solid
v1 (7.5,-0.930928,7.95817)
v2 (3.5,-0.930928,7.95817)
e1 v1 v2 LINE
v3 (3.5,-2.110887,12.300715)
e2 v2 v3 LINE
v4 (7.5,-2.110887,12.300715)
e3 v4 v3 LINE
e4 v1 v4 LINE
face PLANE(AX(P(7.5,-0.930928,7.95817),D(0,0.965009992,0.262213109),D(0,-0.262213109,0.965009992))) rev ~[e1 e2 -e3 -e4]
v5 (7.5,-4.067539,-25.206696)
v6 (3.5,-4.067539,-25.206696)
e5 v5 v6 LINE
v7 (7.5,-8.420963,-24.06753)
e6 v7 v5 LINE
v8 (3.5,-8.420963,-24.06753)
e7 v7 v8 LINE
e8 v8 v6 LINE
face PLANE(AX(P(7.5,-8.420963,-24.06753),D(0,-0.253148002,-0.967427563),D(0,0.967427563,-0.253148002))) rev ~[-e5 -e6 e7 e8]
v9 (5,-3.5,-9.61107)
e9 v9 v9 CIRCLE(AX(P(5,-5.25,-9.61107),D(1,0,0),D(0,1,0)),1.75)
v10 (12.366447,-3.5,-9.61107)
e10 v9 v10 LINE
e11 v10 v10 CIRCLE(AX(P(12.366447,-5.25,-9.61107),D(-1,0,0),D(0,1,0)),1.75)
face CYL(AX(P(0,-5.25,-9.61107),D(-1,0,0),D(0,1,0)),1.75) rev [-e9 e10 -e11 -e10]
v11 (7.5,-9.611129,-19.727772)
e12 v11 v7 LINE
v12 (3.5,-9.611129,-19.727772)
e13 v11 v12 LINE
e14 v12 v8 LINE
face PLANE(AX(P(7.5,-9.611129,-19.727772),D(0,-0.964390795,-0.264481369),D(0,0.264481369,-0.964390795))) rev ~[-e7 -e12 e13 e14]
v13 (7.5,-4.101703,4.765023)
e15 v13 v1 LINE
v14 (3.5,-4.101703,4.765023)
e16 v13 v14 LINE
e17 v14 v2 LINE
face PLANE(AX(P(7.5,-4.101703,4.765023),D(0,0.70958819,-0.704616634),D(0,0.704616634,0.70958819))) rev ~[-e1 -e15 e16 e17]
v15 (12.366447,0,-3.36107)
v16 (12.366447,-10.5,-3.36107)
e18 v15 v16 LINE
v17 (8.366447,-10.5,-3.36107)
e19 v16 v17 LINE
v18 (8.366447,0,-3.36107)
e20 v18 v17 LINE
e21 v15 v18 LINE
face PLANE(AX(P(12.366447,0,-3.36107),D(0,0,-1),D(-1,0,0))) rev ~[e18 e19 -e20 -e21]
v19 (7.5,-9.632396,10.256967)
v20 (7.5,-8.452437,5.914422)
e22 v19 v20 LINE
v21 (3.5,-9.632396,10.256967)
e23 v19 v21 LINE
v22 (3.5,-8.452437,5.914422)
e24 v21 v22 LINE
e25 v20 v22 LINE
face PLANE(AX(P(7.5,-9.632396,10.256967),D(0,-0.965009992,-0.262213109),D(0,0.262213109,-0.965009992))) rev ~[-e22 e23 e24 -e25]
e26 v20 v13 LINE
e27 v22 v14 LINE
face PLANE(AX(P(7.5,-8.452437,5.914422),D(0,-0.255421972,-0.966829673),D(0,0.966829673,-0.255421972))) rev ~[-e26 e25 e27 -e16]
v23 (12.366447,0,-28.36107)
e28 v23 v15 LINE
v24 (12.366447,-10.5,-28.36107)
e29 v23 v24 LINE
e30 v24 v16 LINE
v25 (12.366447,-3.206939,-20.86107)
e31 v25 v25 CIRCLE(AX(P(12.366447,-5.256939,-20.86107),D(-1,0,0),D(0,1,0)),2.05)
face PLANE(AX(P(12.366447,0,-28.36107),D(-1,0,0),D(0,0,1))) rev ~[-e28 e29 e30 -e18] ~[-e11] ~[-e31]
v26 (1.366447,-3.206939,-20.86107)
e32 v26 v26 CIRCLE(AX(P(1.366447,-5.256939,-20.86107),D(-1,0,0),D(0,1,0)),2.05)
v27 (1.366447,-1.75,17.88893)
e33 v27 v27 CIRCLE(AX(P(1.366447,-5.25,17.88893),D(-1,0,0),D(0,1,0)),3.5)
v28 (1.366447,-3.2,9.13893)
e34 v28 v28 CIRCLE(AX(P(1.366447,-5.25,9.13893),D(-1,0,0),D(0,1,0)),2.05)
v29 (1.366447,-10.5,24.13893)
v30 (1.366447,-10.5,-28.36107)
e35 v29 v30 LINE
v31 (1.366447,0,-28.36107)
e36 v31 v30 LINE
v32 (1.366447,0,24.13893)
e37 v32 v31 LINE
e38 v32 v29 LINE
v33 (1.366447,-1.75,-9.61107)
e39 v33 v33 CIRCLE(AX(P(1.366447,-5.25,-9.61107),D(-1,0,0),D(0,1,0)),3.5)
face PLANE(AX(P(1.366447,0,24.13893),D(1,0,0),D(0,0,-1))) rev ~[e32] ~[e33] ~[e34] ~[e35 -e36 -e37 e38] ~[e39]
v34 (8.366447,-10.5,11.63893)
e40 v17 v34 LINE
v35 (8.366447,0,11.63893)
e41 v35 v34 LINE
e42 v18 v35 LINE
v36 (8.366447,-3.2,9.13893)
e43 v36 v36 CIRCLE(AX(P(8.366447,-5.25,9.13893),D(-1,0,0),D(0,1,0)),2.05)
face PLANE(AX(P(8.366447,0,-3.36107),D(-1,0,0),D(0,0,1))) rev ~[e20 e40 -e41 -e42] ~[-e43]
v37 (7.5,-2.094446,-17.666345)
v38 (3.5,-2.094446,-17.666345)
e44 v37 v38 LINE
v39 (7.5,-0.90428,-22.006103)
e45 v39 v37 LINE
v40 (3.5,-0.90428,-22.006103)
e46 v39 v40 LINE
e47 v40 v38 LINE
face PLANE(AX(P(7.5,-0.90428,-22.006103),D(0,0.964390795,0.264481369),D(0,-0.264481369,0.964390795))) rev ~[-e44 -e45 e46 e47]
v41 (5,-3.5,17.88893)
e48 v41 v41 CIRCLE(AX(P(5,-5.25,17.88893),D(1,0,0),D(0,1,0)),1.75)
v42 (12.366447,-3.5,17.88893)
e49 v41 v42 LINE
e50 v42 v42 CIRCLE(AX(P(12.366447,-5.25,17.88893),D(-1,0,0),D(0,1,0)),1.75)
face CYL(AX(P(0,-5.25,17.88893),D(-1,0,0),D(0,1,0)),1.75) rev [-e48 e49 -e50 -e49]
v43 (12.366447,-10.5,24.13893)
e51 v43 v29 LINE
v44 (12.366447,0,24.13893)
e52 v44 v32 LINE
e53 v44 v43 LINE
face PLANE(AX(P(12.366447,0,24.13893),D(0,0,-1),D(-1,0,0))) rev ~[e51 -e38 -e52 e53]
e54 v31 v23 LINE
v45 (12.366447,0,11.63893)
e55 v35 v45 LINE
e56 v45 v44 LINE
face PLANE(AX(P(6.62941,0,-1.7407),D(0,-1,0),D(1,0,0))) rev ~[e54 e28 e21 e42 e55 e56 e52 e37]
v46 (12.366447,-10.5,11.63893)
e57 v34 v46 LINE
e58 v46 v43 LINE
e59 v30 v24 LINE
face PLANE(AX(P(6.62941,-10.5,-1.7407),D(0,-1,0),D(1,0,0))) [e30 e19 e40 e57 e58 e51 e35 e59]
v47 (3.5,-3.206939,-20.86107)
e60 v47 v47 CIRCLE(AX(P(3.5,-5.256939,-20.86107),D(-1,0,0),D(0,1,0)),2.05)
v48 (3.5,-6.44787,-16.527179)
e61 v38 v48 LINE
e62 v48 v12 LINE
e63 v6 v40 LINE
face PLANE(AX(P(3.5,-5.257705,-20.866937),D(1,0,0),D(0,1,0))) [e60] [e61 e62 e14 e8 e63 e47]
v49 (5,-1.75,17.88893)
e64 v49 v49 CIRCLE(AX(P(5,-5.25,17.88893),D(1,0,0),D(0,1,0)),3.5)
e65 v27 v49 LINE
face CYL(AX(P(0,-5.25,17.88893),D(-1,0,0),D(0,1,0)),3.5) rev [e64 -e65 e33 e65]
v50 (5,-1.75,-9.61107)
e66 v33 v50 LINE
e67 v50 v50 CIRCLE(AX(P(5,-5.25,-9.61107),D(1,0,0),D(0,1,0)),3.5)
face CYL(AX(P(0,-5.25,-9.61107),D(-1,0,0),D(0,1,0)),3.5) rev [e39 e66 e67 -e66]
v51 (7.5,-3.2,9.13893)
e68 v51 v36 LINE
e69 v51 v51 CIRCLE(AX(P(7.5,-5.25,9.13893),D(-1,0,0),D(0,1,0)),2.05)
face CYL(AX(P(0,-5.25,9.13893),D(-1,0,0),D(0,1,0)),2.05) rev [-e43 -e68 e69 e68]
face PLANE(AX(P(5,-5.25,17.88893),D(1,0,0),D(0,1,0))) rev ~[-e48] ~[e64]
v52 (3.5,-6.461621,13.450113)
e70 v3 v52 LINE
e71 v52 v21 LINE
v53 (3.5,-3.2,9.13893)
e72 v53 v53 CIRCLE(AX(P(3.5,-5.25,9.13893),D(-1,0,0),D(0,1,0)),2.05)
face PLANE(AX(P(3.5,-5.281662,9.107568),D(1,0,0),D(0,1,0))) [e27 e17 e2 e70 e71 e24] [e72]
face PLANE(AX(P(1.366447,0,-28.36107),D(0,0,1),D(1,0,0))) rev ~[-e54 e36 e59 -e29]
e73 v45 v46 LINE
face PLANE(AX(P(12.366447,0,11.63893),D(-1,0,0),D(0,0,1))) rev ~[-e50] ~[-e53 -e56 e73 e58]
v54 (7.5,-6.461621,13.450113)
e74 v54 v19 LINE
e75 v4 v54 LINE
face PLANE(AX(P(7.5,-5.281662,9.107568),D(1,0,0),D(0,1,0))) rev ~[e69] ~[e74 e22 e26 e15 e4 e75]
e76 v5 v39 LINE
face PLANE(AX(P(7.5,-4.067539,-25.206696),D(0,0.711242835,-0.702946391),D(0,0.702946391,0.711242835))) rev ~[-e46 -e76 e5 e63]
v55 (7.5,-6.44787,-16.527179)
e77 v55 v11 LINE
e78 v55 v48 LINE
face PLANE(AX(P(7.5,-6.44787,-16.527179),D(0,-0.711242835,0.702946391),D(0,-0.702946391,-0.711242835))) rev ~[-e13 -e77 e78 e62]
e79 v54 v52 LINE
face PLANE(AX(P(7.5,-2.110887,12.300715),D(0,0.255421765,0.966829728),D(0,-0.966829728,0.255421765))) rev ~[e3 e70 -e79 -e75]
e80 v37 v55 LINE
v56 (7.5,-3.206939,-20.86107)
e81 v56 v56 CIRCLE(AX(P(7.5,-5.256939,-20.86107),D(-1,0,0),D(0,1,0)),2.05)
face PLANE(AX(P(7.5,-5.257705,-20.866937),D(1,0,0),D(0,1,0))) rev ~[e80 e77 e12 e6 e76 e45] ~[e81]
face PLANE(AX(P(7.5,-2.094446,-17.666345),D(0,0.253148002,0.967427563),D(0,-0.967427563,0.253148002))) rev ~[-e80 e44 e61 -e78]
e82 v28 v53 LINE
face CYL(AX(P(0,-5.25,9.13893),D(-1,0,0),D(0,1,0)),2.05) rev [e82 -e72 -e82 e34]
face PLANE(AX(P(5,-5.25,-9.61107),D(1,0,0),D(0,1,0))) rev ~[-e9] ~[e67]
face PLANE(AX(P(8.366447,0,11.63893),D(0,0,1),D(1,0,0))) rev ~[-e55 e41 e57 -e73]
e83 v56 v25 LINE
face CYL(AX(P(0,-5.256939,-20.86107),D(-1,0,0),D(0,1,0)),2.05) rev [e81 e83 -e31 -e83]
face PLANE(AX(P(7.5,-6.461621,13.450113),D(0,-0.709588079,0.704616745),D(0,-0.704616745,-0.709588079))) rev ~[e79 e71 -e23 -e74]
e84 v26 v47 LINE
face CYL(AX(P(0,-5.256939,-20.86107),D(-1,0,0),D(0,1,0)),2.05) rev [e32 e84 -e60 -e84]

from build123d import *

# Parameters (mm, degrees)
F1_DEPTH = 10.5
F2_R     = 1.75
F3_DEPTH = 50
F2_R_2   = 3.5
F4_DEPTH = 5
F2_R_3   = 2.05
F5_DEPTH = 20
F8_DEPTH = 4


with BuildPart() as f1:
    # F0 (on Front) → F1 (new body)
    with BuildSketch(Plane.XZ):
        Polygon((9.366447, 24.13893), (1.366447, 24.13893), (1.366447, -28.36107), (12.366447, -28.36107), (12.366447, -3.36107), (8.366447, -3.36107), (8.366447, 11.63893), (12.366447, 11.63893), (12.366447, 24.13893), align=None)
    extrude(amount=F1_DEPTH)

    # F2 (on Right) → F3 (cut)
    with BuildSketch(Plane.YZ):
        with Locations((-5.25, -9.61107)):
            Circle(F2_R)
        with Locations((-5.25, 17.88893)):
            Circle(F2_R)
    extrude(amount=F3_DEPTH, mode=Mode.SUBTRACT)

    # F2 (on Right) → F4 (cut)
    with BuildSketch(Plane.YZ):
        with Locations((-5.25, -9.61107)):
            Circle(F2_R_2)
        with Locations((-5.25, -9.61107)):
            Circle(F2_R, mode=Mode.SUBTRACT)
        with Locations((-5.25, 17.88893)):
            Circle(F2_R_2)
        with Locations((-5.25, 17.88893)):
            Circle(F2_R, mode=Mode.SUBTRACT)
    extrude(amount=F4_DEPTH, mode=Mode.SUBTRACT)

    # F2 (on Right) → F5 (cut)
    with BuildSketch(Plane.YZ):
        with Locations((-5.256939, -20.86107)):
            Circle(F2_R_3)
        with Locations((-5.25, 9.13893)):
            Circle(F2_R_3)
    extrude(amount=F5_DEPTH, mode=Mode.SUBTRACT)

    # F7 (on offset) → F8 (cut)
    with BuildSketch(Plane.YZ.offset(7.5)):
        Polygon((-6.44787, -16.527179), (-9.611129, -19.727772), (-8.420963, -24.06753), (-4.067539, -25.206696), (-0.90428, -22.006103), (-2.094446, -17.666345), align=None)
        Polygon((-6.461621, 13.450113), (-9.632396, 10.256967), (-8.452437, 5.914422), (-4.101703, 4.765023), (-0.930928, 7.95817), (-2.110887, 12.300715), align=None)
    extrude(amount=-F8_DEPTH, mode=Mode.SUBTRACT)


solid = f1.part
